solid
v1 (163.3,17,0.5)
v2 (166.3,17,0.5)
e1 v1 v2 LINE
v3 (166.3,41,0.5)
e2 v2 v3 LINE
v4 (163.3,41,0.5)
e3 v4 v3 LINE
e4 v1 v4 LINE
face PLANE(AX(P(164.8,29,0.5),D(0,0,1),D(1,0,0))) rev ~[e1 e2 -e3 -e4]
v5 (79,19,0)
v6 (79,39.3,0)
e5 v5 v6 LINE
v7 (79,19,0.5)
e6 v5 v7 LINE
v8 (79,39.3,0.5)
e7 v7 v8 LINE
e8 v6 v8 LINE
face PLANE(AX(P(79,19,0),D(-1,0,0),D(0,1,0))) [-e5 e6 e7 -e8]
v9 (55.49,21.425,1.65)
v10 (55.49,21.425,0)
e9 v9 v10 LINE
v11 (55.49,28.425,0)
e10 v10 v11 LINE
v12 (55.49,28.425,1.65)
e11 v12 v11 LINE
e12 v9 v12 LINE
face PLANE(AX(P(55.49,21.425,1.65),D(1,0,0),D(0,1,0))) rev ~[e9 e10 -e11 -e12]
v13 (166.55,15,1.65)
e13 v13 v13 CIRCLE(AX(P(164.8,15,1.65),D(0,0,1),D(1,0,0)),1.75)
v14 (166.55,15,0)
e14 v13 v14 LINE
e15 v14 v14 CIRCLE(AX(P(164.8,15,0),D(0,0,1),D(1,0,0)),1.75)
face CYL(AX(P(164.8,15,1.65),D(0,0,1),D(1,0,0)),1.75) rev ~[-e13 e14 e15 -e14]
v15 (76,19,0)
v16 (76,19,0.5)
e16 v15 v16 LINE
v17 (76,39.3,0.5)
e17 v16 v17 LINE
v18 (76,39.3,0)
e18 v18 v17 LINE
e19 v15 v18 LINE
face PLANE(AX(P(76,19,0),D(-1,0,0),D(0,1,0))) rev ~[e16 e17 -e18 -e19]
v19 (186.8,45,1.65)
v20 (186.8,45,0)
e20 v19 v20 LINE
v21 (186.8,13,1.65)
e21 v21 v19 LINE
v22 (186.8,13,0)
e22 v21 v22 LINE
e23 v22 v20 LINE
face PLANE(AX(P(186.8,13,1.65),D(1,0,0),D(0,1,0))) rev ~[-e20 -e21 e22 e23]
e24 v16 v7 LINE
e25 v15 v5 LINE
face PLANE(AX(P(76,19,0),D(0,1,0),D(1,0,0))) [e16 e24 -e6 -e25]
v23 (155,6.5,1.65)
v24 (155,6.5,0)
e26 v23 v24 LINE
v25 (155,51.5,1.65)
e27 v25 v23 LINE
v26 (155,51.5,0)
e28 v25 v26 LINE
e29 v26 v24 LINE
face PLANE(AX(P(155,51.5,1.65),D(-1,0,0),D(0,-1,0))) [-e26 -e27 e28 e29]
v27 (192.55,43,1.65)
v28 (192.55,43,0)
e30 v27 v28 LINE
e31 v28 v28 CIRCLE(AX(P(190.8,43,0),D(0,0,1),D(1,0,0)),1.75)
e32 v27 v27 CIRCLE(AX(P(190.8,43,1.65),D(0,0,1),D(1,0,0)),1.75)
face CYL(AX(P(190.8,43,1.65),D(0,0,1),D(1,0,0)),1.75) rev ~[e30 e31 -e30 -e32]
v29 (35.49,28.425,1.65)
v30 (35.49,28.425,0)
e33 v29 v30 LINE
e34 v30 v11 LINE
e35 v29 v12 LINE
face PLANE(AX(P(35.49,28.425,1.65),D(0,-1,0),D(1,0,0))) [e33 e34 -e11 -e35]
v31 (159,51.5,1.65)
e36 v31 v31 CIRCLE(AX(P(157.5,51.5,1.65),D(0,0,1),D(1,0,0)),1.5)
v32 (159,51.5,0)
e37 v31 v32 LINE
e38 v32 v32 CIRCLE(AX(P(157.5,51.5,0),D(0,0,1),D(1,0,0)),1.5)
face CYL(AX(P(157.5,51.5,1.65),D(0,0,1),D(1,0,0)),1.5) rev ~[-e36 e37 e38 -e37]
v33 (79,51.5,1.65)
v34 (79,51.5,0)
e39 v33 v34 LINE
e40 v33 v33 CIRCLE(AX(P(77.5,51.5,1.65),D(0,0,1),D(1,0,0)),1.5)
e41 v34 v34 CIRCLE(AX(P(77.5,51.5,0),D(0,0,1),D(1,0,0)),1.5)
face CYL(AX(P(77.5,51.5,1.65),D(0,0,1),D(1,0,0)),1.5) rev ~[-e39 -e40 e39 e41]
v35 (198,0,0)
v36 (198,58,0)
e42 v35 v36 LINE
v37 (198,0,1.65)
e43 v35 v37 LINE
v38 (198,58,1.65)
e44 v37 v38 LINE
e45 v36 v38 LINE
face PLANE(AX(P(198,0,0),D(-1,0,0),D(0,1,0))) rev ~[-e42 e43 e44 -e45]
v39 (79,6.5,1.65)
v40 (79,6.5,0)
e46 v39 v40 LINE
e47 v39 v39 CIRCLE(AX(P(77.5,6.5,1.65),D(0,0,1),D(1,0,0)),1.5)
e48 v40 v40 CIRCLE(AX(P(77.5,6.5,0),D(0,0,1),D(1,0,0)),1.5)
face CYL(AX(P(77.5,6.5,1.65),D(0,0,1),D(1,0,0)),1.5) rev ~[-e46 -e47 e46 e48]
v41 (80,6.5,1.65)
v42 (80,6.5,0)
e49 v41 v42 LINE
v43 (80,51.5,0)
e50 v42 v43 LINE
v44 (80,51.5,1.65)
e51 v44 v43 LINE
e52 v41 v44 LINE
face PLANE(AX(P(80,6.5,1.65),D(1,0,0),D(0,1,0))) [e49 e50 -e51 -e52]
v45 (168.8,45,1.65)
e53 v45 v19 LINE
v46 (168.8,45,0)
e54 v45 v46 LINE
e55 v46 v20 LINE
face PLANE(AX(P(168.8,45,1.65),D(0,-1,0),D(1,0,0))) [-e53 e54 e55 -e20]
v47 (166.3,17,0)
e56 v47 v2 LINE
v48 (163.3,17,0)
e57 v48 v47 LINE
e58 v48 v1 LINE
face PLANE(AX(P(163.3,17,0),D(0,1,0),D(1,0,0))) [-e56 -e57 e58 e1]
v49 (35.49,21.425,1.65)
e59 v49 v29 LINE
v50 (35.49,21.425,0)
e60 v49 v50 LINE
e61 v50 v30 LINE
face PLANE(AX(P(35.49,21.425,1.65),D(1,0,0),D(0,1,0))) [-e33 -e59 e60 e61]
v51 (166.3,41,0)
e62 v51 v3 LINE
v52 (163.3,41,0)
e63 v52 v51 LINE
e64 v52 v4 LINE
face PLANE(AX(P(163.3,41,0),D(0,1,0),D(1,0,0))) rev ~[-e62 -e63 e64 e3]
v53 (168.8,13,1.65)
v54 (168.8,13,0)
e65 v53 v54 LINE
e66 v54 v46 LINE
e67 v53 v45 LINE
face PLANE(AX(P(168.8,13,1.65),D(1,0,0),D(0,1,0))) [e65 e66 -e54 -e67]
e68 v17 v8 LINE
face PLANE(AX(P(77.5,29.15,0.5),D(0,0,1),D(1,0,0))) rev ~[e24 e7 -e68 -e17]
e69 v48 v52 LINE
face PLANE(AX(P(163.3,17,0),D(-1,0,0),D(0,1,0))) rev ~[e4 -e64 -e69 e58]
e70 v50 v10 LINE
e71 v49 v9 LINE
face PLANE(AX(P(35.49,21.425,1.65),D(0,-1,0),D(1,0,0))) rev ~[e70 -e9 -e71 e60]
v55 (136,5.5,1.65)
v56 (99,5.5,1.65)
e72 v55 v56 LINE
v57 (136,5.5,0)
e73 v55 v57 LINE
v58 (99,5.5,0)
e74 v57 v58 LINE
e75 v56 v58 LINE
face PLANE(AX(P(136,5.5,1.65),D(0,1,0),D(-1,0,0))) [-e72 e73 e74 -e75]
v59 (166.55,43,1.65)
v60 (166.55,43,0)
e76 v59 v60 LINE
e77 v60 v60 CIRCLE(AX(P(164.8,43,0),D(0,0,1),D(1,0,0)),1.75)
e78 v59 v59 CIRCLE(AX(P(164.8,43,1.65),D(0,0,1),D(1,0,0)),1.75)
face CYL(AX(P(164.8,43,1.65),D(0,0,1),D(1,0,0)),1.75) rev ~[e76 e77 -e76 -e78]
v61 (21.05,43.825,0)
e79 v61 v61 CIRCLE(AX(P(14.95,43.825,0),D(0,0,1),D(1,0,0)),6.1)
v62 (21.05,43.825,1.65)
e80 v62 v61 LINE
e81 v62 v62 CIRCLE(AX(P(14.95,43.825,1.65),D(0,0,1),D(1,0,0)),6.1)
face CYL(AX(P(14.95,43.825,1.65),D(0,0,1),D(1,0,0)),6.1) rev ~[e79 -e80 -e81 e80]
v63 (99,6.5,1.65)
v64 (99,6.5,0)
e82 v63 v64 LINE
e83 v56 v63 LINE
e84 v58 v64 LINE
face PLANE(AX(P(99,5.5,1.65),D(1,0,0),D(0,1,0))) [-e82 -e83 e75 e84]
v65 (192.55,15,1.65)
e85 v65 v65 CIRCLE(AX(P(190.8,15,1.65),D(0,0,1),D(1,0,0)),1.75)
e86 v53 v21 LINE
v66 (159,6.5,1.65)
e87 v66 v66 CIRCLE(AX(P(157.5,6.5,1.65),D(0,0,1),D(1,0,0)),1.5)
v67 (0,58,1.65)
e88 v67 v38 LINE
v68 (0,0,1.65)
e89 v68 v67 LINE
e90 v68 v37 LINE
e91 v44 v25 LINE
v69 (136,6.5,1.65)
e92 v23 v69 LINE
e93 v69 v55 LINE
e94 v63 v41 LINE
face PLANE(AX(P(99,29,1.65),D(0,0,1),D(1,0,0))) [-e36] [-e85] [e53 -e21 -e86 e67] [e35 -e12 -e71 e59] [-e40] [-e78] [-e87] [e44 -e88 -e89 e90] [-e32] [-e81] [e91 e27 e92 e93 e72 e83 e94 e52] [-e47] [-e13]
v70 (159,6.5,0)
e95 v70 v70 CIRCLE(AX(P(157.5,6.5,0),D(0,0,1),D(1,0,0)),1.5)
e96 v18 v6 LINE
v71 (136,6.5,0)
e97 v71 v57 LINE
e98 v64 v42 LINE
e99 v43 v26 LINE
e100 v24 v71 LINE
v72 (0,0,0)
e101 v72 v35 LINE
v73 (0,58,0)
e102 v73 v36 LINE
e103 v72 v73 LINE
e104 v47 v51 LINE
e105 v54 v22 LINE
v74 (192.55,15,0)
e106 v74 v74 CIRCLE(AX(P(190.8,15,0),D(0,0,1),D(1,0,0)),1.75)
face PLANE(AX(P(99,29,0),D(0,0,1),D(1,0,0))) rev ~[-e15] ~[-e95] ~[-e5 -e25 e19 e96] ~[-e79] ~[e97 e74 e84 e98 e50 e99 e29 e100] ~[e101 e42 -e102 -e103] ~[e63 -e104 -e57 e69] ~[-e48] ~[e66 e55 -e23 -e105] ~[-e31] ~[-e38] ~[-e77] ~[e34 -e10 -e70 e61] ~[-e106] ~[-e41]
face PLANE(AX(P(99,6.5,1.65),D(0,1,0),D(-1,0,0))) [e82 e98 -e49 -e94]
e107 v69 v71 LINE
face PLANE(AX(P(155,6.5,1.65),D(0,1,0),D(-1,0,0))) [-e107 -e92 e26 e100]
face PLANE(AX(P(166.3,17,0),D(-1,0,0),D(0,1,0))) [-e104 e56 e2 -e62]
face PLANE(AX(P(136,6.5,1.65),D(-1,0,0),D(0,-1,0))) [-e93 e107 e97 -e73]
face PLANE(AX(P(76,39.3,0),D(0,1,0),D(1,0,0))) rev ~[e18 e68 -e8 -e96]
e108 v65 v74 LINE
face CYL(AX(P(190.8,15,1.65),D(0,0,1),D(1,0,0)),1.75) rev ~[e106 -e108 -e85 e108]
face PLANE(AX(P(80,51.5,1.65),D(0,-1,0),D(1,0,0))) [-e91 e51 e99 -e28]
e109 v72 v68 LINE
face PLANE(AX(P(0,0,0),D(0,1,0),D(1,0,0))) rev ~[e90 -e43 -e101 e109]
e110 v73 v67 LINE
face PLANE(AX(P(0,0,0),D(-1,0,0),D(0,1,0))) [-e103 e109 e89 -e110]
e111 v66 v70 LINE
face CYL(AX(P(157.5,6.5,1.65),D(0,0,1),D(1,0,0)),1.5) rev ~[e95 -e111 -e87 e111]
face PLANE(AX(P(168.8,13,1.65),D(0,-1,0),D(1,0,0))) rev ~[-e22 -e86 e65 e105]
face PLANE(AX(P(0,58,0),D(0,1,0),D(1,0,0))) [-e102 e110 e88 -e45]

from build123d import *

# Parameters (mm, degrees)
SKETCH_W        = 198
SKETCH_H        = 58
PAD_DEPTH       = 1.65
SKETCH001_R     = 6.1
SKETCH001_R_2   = 1.75
SKETCH001_R_3   = 1.5
SKETCH001_W     = 18
SKETCH001_H     = 32
SKETCH001_W_2   = 20
SKETCH001_H_2   = 7
POCKET_DEPTH    = 5
SKETCH002_W     = 3
SKETCH002_H     = 20.3
SKETCH002_H_2   = 24
POCKET001_DEPTH = 0.5


with BuildPart() as part:
    # Sketch → Pad (new body)
    with BuildSketch(Plane.XY):
        with Locations((99, 29)):
            Rectangle(SKETCH_W, SKETCH_H)
    extrude(amount=PAD_DEPTH)

    # Sketch001 (on Face6 of Pad) → Pocket (cut)
    with BuildSketch(Plane.XY.offset(1.65)):
        with Locations((14.95, 43.825)):
            Circle(SKETCH001_R)
        with Locations((164.8, 43)):
            Circle(SKETCH001_R_2)
        with Locations((190.8, 43)):
            Circle(SKETCH001_R_2)
        with Locations((164.8, 15)):
            Circle(SKETCH001_R_2)
        with Locations((190.8, 15)):
            Circle(SKETCH001_R_2)
        with Locations((77.5, 51.5)):
            Circle(SKETCH001_R_3)
        with Locations((77.5, 6.5)):
            Circle(SKETCH001_R_3)
        with Locations((157.5, 6.5)):
            Circle(SKETCH001_R_3)
        with Locations((157.5, 51.5)):
            Circle(SKETCH001_R_3)
        with Locations((177.8, 29)):
            Rectangle(SKETCH001_W, SKETCH001_H)
        with Locations((45.49, 24.925)):
            Rectangle(SKETCH001_W_2, SKETCH001_H_2)
        Polygon((80, 51.5), (155, 51.5), (155, 6.5), (136, 6.5), (136, 5.5), (99, 5.5), (99, 6.5), (80, 6.5), align=None)
    extrude(amount=-POCKET_DEPTH, mode=Mode.SUBTRACT)

    # Sketch002 → Pocket001 (cut)
    with BuildSketch(Plane.XY):
        with Locations((77.5, 29.15)):
            Rectangle(SKETCH002_W, SKETCH002_H)
        with Locations((164.8, 29)):
            Rectangle(SKETCH002_W, SKETCH002_H_2)
    extrude(amount=POCKET001_DEPTH, mode=Mode.SUBTRACT)


solid = part.part
